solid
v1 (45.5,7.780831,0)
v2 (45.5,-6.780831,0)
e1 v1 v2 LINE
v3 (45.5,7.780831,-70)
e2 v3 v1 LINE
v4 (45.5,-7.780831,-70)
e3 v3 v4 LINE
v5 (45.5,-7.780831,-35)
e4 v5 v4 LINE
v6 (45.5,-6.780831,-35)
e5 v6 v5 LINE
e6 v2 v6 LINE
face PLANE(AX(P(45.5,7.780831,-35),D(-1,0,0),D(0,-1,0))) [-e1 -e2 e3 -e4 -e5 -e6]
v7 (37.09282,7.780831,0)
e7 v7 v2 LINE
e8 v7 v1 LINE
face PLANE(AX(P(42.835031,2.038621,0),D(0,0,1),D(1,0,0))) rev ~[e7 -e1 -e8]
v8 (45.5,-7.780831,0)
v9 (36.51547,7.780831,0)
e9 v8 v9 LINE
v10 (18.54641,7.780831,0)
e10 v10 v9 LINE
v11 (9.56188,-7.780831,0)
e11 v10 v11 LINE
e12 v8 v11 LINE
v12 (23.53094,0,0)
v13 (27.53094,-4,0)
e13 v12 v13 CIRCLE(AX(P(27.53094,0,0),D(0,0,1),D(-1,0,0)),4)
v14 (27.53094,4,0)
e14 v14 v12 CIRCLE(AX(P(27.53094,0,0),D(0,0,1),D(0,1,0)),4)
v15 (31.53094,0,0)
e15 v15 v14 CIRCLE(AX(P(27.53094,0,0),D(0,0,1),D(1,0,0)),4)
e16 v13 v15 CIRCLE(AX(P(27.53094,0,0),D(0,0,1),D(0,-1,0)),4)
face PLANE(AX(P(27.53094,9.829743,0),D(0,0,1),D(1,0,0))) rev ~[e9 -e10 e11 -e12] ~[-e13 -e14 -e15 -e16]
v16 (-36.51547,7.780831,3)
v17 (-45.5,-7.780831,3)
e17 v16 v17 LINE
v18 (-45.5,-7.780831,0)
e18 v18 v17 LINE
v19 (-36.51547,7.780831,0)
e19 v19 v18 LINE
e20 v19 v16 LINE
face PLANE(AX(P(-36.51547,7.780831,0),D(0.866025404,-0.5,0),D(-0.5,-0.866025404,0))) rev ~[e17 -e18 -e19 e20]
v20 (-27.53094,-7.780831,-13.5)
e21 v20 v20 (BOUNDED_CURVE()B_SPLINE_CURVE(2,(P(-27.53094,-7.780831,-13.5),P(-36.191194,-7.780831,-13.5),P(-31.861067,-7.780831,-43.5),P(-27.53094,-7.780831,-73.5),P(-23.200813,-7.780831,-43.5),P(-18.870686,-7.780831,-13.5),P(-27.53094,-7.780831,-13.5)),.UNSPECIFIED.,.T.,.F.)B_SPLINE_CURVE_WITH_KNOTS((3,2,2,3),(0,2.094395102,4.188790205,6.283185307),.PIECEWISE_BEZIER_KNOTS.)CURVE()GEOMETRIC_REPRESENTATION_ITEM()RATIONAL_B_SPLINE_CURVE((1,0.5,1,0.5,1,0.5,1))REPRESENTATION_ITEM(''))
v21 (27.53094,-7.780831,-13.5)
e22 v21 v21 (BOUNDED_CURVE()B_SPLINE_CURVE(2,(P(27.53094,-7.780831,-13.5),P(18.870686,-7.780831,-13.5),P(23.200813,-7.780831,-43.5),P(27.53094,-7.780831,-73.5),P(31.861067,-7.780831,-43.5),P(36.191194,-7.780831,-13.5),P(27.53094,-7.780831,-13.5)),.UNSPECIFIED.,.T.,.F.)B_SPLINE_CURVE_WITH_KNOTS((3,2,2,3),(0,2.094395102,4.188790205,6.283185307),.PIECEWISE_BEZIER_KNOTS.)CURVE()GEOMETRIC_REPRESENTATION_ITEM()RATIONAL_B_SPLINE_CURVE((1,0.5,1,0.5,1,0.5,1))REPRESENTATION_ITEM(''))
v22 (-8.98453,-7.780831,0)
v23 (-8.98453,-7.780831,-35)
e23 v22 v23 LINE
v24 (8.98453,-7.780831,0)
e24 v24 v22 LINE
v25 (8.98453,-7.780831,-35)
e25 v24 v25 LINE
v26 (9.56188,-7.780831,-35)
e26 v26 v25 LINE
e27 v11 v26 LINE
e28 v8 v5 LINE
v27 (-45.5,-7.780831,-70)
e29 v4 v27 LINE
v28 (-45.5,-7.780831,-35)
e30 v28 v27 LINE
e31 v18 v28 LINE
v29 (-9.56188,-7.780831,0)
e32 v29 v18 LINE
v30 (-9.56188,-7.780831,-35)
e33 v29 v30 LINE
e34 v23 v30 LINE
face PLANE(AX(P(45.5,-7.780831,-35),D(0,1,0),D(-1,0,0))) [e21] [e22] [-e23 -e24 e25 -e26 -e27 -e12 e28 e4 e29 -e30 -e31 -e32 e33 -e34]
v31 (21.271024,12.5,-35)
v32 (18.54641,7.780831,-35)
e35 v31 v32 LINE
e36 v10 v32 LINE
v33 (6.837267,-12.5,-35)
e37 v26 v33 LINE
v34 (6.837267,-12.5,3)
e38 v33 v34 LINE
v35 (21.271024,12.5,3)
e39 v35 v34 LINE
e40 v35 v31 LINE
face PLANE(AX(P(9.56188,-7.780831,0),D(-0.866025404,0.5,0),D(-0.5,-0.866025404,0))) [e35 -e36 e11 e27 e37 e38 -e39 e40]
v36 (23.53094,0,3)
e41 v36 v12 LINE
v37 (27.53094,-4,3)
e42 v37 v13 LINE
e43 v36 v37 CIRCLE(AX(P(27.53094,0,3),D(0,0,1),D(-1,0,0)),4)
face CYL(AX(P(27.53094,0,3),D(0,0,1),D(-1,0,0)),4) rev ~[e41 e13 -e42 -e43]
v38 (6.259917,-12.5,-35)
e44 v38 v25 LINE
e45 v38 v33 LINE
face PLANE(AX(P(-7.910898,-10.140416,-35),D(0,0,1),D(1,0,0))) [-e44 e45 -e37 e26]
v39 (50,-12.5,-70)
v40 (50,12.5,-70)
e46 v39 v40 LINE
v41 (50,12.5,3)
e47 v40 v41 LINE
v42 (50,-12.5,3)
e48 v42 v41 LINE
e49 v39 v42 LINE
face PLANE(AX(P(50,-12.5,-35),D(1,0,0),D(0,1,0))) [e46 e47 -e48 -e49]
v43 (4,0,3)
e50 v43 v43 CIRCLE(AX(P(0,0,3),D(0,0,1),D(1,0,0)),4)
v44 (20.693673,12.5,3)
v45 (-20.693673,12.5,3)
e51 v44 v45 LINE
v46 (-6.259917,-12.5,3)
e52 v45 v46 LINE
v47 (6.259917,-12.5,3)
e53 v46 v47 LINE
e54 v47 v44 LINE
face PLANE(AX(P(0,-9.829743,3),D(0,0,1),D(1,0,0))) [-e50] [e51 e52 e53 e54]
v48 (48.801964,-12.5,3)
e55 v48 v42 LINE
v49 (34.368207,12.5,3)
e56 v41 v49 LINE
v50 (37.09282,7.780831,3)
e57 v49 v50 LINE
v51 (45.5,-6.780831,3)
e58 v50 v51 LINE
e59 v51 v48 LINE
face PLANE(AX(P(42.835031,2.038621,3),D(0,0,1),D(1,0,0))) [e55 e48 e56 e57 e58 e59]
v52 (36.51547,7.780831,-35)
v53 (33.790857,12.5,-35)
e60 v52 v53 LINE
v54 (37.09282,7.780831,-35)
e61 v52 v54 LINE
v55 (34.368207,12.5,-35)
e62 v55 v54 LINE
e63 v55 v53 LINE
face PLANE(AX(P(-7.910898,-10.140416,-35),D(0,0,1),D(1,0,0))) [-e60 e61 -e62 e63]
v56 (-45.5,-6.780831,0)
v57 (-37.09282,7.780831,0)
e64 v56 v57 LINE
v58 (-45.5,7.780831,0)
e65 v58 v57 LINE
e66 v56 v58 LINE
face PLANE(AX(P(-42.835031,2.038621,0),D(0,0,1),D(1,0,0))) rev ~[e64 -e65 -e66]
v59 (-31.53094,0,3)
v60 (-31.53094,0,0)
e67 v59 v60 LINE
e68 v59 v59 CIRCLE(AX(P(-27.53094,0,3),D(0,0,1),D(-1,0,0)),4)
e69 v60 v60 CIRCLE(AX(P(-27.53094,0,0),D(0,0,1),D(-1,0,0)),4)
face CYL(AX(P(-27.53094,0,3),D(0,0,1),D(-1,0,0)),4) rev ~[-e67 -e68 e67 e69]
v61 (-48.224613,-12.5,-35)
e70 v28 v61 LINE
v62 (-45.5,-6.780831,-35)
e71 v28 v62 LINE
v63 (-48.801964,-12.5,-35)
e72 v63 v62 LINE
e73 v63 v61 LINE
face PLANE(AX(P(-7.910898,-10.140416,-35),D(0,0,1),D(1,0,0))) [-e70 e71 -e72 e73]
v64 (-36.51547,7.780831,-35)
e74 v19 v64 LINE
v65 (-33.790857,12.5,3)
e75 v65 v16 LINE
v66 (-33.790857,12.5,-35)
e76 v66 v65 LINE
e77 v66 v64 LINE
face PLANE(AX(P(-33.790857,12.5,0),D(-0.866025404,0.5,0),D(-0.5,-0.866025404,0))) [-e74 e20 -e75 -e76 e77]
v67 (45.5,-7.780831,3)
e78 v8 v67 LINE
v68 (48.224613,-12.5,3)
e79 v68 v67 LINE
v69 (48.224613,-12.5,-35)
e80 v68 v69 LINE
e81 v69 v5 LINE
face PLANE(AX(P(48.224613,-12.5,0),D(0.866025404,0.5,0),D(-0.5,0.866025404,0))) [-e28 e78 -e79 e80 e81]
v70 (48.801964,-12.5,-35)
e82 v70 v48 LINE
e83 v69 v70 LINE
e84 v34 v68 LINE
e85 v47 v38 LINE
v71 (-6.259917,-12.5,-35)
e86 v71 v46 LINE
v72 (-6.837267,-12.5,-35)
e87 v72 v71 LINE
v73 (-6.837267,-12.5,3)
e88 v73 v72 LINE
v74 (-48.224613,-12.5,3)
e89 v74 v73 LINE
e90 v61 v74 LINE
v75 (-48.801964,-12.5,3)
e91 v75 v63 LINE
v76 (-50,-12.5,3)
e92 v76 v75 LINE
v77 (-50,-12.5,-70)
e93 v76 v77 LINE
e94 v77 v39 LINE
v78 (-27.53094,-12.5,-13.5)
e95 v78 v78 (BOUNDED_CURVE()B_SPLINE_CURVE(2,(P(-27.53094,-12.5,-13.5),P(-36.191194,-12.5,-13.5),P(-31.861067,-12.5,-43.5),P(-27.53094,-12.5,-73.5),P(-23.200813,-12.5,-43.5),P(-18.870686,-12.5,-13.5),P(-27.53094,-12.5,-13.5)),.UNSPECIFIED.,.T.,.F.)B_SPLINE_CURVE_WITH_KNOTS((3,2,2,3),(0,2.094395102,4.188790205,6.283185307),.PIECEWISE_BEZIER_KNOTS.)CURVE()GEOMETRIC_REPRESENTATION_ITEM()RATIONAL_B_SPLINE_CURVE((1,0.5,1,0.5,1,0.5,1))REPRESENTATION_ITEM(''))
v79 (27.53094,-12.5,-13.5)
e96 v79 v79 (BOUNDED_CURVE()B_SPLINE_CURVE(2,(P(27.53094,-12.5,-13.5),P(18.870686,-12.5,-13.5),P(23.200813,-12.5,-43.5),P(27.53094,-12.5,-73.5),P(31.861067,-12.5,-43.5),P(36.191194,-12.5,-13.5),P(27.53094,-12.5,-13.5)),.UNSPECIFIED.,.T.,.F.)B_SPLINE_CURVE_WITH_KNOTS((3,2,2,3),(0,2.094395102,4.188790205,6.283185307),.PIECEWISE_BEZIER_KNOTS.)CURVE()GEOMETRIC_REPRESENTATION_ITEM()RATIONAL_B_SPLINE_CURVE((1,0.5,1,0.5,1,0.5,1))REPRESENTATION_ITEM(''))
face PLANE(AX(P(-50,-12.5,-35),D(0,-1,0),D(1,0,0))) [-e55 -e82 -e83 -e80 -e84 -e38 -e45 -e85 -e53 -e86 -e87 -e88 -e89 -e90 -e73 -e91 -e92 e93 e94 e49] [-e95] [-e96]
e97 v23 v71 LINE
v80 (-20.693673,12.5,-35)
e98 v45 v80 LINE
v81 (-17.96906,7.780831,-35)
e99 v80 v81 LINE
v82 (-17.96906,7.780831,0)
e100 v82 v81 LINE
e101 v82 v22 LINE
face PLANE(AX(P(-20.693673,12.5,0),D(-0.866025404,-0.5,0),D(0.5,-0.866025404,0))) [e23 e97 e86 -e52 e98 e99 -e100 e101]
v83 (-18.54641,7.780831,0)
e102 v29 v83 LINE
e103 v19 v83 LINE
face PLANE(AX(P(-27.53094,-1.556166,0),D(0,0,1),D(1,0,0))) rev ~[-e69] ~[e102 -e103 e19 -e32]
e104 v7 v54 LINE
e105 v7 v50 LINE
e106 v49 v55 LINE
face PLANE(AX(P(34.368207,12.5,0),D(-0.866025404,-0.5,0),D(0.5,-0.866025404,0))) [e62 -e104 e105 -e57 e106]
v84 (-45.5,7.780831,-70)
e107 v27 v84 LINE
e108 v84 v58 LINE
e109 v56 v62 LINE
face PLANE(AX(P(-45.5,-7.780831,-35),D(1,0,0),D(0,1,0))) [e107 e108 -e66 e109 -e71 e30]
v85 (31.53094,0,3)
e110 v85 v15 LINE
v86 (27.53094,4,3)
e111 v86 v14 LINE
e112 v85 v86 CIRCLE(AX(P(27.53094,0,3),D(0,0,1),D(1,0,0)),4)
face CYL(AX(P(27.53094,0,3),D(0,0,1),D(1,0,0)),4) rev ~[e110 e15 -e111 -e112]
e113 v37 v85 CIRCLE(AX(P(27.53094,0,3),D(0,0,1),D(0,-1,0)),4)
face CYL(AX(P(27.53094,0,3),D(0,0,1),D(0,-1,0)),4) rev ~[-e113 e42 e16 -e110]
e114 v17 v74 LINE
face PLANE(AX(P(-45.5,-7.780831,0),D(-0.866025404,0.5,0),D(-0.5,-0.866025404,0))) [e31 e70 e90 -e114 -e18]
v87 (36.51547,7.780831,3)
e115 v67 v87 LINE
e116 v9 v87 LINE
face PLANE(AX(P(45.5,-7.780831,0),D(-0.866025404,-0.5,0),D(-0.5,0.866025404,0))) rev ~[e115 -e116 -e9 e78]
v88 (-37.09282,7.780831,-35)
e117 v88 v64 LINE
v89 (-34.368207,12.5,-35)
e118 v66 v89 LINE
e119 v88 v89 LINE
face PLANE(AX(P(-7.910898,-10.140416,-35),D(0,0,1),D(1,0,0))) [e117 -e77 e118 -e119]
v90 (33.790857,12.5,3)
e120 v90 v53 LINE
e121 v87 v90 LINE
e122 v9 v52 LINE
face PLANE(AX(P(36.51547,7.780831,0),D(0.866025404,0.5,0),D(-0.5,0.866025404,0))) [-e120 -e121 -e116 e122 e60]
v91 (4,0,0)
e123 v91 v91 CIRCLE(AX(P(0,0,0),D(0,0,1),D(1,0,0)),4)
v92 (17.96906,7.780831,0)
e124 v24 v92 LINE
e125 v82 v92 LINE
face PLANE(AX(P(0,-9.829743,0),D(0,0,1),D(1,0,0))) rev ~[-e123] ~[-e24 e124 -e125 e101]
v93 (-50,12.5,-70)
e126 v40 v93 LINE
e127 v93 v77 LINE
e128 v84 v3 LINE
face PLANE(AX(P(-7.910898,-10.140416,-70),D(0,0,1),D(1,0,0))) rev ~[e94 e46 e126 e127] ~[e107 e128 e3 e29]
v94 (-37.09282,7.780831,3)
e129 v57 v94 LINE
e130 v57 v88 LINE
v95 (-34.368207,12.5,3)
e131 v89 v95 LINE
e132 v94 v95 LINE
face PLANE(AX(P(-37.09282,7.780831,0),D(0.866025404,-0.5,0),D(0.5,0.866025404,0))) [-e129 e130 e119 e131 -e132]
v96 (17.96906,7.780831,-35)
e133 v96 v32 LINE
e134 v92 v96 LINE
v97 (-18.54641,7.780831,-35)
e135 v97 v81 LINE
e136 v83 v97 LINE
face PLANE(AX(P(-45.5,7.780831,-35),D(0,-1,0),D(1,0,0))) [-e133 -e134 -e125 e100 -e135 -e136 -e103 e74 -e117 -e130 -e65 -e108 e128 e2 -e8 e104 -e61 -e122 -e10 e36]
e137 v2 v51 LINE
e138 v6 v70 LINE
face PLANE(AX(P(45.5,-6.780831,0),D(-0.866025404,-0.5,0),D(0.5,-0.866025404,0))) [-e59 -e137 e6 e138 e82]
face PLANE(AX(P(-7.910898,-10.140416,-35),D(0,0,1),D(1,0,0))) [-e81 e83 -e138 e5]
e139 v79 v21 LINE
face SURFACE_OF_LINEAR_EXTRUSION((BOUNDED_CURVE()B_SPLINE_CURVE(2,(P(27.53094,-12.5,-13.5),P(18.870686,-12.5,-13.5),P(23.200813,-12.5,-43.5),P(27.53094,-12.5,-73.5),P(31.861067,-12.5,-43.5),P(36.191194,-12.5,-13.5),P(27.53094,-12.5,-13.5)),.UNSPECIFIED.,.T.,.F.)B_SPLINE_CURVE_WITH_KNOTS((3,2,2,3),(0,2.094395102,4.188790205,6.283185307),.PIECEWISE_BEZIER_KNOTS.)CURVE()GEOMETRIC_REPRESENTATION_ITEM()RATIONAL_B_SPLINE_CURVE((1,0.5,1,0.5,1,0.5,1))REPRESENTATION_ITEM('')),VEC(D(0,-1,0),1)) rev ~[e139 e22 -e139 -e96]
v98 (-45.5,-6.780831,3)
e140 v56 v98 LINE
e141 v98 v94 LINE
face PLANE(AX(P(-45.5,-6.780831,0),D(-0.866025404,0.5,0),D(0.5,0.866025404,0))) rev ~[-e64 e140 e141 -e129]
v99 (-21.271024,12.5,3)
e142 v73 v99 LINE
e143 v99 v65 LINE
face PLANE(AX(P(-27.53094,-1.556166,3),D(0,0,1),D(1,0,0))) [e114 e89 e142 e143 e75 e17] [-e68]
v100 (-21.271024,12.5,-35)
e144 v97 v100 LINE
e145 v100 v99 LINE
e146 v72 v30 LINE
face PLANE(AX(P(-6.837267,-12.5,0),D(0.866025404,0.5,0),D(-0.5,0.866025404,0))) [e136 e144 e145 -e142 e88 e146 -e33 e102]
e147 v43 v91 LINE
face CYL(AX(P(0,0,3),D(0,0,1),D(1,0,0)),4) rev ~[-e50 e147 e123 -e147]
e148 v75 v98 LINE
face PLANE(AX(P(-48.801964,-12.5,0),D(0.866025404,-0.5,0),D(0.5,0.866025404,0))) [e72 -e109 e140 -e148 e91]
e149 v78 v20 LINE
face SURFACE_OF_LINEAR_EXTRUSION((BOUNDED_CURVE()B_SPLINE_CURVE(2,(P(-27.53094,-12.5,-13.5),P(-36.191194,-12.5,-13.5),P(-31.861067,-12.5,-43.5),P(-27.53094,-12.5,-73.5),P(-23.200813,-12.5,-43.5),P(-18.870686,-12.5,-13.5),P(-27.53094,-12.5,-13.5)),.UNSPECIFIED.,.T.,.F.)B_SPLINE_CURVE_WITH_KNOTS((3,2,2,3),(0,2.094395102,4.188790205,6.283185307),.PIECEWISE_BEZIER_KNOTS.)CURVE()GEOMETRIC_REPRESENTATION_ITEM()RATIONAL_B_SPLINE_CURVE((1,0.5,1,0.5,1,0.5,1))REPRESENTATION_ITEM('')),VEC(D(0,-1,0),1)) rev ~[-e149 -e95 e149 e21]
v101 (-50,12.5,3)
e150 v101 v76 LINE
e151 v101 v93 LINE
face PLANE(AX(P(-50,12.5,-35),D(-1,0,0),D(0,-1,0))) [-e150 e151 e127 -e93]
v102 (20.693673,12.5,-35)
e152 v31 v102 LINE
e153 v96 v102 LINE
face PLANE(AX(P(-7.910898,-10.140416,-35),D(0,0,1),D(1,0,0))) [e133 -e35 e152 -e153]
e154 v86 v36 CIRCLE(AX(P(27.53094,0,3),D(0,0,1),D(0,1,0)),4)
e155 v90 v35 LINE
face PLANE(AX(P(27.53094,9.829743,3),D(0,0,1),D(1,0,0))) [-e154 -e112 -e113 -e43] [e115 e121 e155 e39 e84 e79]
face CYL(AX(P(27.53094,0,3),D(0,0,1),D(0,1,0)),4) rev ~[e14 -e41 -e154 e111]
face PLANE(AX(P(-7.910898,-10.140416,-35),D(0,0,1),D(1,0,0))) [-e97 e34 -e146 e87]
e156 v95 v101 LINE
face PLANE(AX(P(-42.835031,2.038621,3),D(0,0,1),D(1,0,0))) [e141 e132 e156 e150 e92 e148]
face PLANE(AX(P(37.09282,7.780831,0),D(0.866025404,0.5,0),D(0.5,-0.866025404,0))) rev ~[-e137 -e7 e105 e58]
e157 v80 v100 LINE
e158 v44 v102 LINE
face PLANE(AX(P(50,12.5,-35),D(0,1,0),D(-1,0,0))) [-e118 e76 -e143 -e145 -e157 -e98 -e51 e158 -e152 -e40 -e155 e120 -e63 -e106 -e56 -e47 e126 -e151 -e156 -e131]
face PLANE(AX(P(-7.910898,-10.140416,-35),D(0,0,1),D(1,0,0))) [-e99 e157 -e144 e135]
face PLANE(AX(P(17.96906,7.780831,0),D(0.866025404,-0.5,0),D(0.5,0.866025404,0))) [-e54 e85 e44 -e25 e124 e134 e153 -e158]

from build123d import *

# Parameters (mm, degrees)
F1_DEPTH = 3
F2_DEPTH = 35
F3_START = -35
F3_DEPTH = 35
F5_DEPTH = 4.7191688256
F7_DEPTH = 3


with BuildPart() as f1:
    # F0 (on Top) → F1 (new body)
    with BuildSketch(Plane.XY):
        Polygon((8.9845299462, -7.7808311744), (-8.9845299462, -7.7808311744), (-6.2599165544, -12.5), (6.2599165544, -12.5), align=None)
        Polygon((-20.6936732841, 12.5), (-17.9690598923, 7.7808311744), (17.9690598923, 7.7808311744), (20.6936732841, 12.5), align=None)
        Polygon((-17.9690598923, 7.7808311744), (-8.9845299462, -7.7808311744), (8.9845299462, -7.7808311744), (17.9690598923, 7.7808311744), align=None)
    extrude(amount=F1_DEPTH)

    # F0 (on Top) → F2, piece 2 (join)
    with BuildSketch(Plane.XY):
        Polygon((-20.6936732841, 12.5), (-17.9690598923, 7.7808311744), (17.9690598923, 7.7808311744), (20.6936732841, 12.5), align=None)
        Polygon((8.9845299462, -7.7808311744), (-8.9845299462, -7.7808311744), (-6.2599165544, -12.5), (6.2599165544, -12.5), align=None)
    extrude(amount=-F2_DEPTH)



with BuildPart() as f1b:
    # F0 (on Top) → F1, piece 2 (new body)
    with BuildSketch(Plane.XY):
        Polygon((-45.5, 7.7808311744), (-45.5, -6.7808311744), (-37.092820323, 7.7808311744), align=None)
        Polygon((-48.801963661, -12.5), (-45.5, -6.7808311744), (-45.5, 7.7808311744), (-37.092820323, 7.7808311744), (-34.3682069312, 12.5), (-50, 12.5), (-50, -12.5), align=None)
    extrude(amount=F1_DEPTH)

    # F0 (on Top) → F2 (join)
    with BuildSketch(Plane.XY):
        Polygon((-48.801963661, -12.5), (-45.5, -6.7808311744), (-45.5, 7.7808311744), (-37.092820323, 7.7808311744), (-34.3682069312, 12.5), (-50, 12.5), (-50, -12.5), align=None)
    extrude(amount=-F2_DEPTH)


with BuildPart() as f1c:
    # F0 (on Top) → F1, piece 3 (new body)
    with BuildSketch(Plane.XY):
        Polygon((37.092820323, 7.7808311744), (45.5, -6.7808311744), (45.5, 7.7808311744), align=None)
        Polygon((45.5, 7.7808311744), (45.5, -6.7808311744), (48.801963661, -12.5), (50, -12.5), (50, 12.5), (34.3682069312, 12.5), (37.092820323, 7.7808311744), align=None)
    extrude(amount=F1_DEPTH)

    # F0 (on Top) → F2, piece 4 (join)
    with BuildSketch(Plane.XY):
        Polygon((45.5, 7.7808311744), (45.5, -6.7808311744), (48.801963661, -12.5), (50, -12.5), (50, 12.5), (34.3682069312, 12.5), (37.092820323, 7.7808311744), align=None)
    extrude(amount=-F2_DEPTH)


with BuildPart() as f1d:
    # F0 (on Top) → F1, piece 4 (new body)
    with BuildSketch(Plane.XY):
        Polygon((21.2710235533, 12.5), (18.5464101615, 7.7808311744), (36.5154700538, 7.7808311744), (33.790856662, 12.5), align=None)
        Polygon((45.5, -7.7808311744), (9.5618802154, -7.7808311744), (6.8372668236, -12.5), (48.2246133918, -12.5), align=None)
        Polygon((18.5464101615, 7.7808311744), (9.5618802154, -7.7808311744), (45.5, -7.7808311744), (36.5154700538, 7.7808311744), align=None)
    extrude(amount=F1_DEPTH)

    # F0 (on Top) → F2, piece 3 (join)
    with BuildSketch(Plane.XY):
        Polygon((45.5, -7.7808311744), (9.5618802154, -7.7808311744), (6.8372668236, -12.5), (48.2246133918, -12.5), align=None)
        Polygon((21.2710235533, 12.5), (18.5464101615, 7.7808311744), (36.5154700538, 7.7808311744), (33.790856662, 12.5), align=None)
    extrude(amount=-F2_DEPTH)


with BuildPart() as f1e:
    # F0 (on Top) → F1, piece 5 (new body)
    with BuildSketch(Plane.XY):
        Polygon((-36.5154700538, 7.7808311744), (-45.5, -7.7808311744), (-9.5618802154, -7.7808311744), (-18.5464101615, 7.7808311744), align=None)
        Polygon((-33.790856662, 12.5), (-36.5154700538, 7.7808311744), (-18.5464101615, 7.7808311744), (-21.2710235533, 12.5), align=None)
        Polygon((-9.5618802154, -7.7808311744), (-45.5, -7.7808311744), (-48.2246133918, -12.5), (-6.8372668236, -12.5), align=None)
    extrude(amount=F1_DEPTH)

    # F0 (on Top) → F2, piece 5 (join)
    with BuildSketch(Plane.XY):
        Polygon((-9.5618802154, -7.7808311744), (-45.5, -7.7808311744), (-48.2246133918, -12.5), (-6.8372668236, -12.5), align=None)
        Polygon((-33.790856662, 12.5), (-36.5154700538, 7.7808311744), (-18.5464101615, 7.7808311744), (-21.2710235533, 12.5), align=None)
    extrude(amount=-F2_DEPTH)


with BuildPart() as f1_1:
    add(f1.part)

    add(f1b.part)  # F3 merges F1b

    add(f1c.part)  # F3 merges F1c

    add(f1d.part)  # F3 merges F1d

    add(f1e.part)  # F3 merges F1e
    # F0 (on Top) → F3 (join)
    with BuildSketch(Plane.XY.offset(F3_START)):
        Polygon((-8.9845299462, -7.7808311744), (-9.5618802154, -7.7808311744), (-6.8372668236, -12.5), (-6.2599165544, -12.5), align=None)
        Polygon((-33.790856662, 12.5), (-36.5154700538, 7.7808311744), (-18.5464101615, 7.7808311744), (-21.2710235533, 12.5), align=None)
        Polygon((-48.2246133918, -12.5), (-45.5, -7.7808311744), (-45.5, -6.7808311744), (-48.801963661, -12.5), align=None)
        Polygon((45.5, -6.7808311744), (45.5, -7.7808311744), (48.2246133918, -12.5), (48.801963661, -12.5), align=None)
        Polygon((8.9845299462, -7.7808311744), (-8.9845299462, -7.7808311744), (-6.2599165544, -12.5), (6.2599165544, -12.5), align=None)
        Polygon((-9.5618802154, -7.7808311744), (-45.5, -7.7808311744), (-48.2246133918, -12.5), (-6.8372668236, -12.5), align=None)
        Polygon((9.5618802154, -7.7808311744), (8.9845299462, -7.7808311744), (6.2599165544, -12.5), (6.8372668236, -12.5), align=None)
        Polygon((45.5, -7.7808311744), (9.5618802154, -7.7808311744), (6.8372668236, -12.5), (48.2246133918, -12.5), align=None)
        Polygon((-48.801963661, -12.5), (-45.5, -6.7808311744), (-45.5, 7.7808311744), (-37.092820323, 7.7808311744), (-34.3682069312, 12.5), (-50, 12.5), (-50, -12.5), align=None)
        Polygon((-37.092820323, 7.7808311744), (-36.5154700538, 7.7808311744), (-33.790856662, 12.5), (-34.3682069312, 12.5), align=None)
        Polygon((-21.2710235533, 12.5), (-18.5464101615, 7.7808311744), (-17.9690598923, 7.7808311744), (-20.6936732841, 12.5), align=None)
        Polygon((-20.6936732841, 12.5), (-17.9690598923, 7.7808311744), (17.9690598923, 7.7808311744), (20.6936732841, 12.5), align=None)
        Polygon((20.6936732841, 12.5), (17.9690598923, 7.7808311744), (18.5464101615, 7.7808311744), (21.2710235533, 12.5), align=None)
        Polygon((33.790856662, 12.5), (36.5154700538, 7.7808311744), (37.092820323, 7.7808311744), (34.3682069312, 12.5), align=None)
        Polygon((45.5, 7.7808311744), (45.5, -6.7808311744), (48.801963661, -12.5), (50, -12.5), (50, 12.5), (34.3682069312, 12.5), (37.092820323, 7.7808311744), align=None)
        Polygon((21.2710235533, 12.5), (18.5464101615, 7.7808311744), (36.5154700538, 7.7808311744), (33.790856662, 12.5), align=None)
    extrude(amount=-F3_DEPTH)

    # F4 (on face) → F5 (cut, through all)
    with BuildSketch(Plane.XZ.offset(12.5)):
        with BuildLine():
            add(Edge.make_bspline(
                [(-27.5309401077, -13.5), (-36.1911941455, -13.5), (-31.8610671266, -43.5), (-27.5309401077, -73.5), (-23.2008130888, -43.5), (-18.8706860698, -13.5), (-27.5309401077, -13.5)],
                knots=[0, 0, 0, 2.0943951024, 2.0943951024, 4.1887902048, 4.1887902048, 6.2831853072, 6.2831853072, 6.2831853072], degree=2, weights=[1, 0.5, 1, 0.5, 1, 0.5, 1]))
        make_face()
        with BuildLine():
            add(Edge.make_bspline(
                [(27.5309401077, -13.5), (18.8706860698, -13.5), (23.2008130888, -43.5), (27.5309401077, -73.5), (31.8610671266, -43.5), (36.1911941455, -13.5), (27.5309401077, -13.5)],
                knots=[0, 0, 0, 2.0943951024, 2.0943951024, 4.1887902048, 4.1887902048, 6.2831853072, 6.2831853072, 6.2831853072], degree=2, weights=[1, 0.5, 1, 0.5, 1, 0.5, 1]))
        make_face()
    extrude(amount=-F5_DEPTH, mode=Mode.SUBTRACT)

    # F6 (on face) → F7 (cut, through all)
    with BuildSketch(Plane.XY.offset(3)):
        with BuildLine():
            ThreePointArc((-23.5309401077, 0), (-27.5309401077, 4), (-31.5309401077, 0))
            Line((-31.5309401077, 0), (-23.5309401077, 0))
        make_face()
        with BuildLine():
            Line((-23.5309401077, 0), (-31.5309401077, 0))
            ThreePointArc((-31.5309401077, 0), (-27.5309401077, -4), (-23.5309401077, 0))
        make_face()
        with BuildLine():
            Line((4, 0), (-4, 0))
            ThreePointArc((-4, 0), (0, -4), (4, 0))
        make_face()
        with BuildLine():
            ThreePointArc((4, 0), (0, 4), (-4, 0))
            Line((-4, 0), (4, 0))
        make_face()
        with BuildLine():
            Line((31.5309401077, 0), (27.5309401077, 0))
            Line((27.5309401077, 0), (27.5309401077, -4))
            ThreePointArc((27.5309401077, -4), (30.3593672324, -2.8284271247), (31.5309401077, 0))
        make_face()
        with BuildLine():
            Line((27.5309401077, 0), (23.5309401077, 0))
            ThreePointArc((23.5309401077, 0), (24.7025129829, -2.8284271247), (27.5309401077, -4))
            Line((27.5309401077, -4), (27.5309401077, 0))
        make_face()
        with BuildLine():
            ThreePointArc((27.5309401077, 4), (24.7025129829, 2.8284271247), (23.5309401077, 0))
            Line((23.5309401077, 0), (27.5309401077, 0))
            Line((27.5309401077, 0), (27.5309401077, 4))
        make_face()
        with BuildLine():
            Line((27.5309401077, 4), (27.5309401077, 0))
            Line((27.5309401077, 0), (31.5309401077, 0))
            ThreePointArc((31.5309401077, 0), (30.3593672324, 2.8284271247), (27.5309401077, 4))
        make_face()
    extrude(amount=-F7_DEPTH, mode=Mode.SUBTRACT)


solid = f1_1.part
